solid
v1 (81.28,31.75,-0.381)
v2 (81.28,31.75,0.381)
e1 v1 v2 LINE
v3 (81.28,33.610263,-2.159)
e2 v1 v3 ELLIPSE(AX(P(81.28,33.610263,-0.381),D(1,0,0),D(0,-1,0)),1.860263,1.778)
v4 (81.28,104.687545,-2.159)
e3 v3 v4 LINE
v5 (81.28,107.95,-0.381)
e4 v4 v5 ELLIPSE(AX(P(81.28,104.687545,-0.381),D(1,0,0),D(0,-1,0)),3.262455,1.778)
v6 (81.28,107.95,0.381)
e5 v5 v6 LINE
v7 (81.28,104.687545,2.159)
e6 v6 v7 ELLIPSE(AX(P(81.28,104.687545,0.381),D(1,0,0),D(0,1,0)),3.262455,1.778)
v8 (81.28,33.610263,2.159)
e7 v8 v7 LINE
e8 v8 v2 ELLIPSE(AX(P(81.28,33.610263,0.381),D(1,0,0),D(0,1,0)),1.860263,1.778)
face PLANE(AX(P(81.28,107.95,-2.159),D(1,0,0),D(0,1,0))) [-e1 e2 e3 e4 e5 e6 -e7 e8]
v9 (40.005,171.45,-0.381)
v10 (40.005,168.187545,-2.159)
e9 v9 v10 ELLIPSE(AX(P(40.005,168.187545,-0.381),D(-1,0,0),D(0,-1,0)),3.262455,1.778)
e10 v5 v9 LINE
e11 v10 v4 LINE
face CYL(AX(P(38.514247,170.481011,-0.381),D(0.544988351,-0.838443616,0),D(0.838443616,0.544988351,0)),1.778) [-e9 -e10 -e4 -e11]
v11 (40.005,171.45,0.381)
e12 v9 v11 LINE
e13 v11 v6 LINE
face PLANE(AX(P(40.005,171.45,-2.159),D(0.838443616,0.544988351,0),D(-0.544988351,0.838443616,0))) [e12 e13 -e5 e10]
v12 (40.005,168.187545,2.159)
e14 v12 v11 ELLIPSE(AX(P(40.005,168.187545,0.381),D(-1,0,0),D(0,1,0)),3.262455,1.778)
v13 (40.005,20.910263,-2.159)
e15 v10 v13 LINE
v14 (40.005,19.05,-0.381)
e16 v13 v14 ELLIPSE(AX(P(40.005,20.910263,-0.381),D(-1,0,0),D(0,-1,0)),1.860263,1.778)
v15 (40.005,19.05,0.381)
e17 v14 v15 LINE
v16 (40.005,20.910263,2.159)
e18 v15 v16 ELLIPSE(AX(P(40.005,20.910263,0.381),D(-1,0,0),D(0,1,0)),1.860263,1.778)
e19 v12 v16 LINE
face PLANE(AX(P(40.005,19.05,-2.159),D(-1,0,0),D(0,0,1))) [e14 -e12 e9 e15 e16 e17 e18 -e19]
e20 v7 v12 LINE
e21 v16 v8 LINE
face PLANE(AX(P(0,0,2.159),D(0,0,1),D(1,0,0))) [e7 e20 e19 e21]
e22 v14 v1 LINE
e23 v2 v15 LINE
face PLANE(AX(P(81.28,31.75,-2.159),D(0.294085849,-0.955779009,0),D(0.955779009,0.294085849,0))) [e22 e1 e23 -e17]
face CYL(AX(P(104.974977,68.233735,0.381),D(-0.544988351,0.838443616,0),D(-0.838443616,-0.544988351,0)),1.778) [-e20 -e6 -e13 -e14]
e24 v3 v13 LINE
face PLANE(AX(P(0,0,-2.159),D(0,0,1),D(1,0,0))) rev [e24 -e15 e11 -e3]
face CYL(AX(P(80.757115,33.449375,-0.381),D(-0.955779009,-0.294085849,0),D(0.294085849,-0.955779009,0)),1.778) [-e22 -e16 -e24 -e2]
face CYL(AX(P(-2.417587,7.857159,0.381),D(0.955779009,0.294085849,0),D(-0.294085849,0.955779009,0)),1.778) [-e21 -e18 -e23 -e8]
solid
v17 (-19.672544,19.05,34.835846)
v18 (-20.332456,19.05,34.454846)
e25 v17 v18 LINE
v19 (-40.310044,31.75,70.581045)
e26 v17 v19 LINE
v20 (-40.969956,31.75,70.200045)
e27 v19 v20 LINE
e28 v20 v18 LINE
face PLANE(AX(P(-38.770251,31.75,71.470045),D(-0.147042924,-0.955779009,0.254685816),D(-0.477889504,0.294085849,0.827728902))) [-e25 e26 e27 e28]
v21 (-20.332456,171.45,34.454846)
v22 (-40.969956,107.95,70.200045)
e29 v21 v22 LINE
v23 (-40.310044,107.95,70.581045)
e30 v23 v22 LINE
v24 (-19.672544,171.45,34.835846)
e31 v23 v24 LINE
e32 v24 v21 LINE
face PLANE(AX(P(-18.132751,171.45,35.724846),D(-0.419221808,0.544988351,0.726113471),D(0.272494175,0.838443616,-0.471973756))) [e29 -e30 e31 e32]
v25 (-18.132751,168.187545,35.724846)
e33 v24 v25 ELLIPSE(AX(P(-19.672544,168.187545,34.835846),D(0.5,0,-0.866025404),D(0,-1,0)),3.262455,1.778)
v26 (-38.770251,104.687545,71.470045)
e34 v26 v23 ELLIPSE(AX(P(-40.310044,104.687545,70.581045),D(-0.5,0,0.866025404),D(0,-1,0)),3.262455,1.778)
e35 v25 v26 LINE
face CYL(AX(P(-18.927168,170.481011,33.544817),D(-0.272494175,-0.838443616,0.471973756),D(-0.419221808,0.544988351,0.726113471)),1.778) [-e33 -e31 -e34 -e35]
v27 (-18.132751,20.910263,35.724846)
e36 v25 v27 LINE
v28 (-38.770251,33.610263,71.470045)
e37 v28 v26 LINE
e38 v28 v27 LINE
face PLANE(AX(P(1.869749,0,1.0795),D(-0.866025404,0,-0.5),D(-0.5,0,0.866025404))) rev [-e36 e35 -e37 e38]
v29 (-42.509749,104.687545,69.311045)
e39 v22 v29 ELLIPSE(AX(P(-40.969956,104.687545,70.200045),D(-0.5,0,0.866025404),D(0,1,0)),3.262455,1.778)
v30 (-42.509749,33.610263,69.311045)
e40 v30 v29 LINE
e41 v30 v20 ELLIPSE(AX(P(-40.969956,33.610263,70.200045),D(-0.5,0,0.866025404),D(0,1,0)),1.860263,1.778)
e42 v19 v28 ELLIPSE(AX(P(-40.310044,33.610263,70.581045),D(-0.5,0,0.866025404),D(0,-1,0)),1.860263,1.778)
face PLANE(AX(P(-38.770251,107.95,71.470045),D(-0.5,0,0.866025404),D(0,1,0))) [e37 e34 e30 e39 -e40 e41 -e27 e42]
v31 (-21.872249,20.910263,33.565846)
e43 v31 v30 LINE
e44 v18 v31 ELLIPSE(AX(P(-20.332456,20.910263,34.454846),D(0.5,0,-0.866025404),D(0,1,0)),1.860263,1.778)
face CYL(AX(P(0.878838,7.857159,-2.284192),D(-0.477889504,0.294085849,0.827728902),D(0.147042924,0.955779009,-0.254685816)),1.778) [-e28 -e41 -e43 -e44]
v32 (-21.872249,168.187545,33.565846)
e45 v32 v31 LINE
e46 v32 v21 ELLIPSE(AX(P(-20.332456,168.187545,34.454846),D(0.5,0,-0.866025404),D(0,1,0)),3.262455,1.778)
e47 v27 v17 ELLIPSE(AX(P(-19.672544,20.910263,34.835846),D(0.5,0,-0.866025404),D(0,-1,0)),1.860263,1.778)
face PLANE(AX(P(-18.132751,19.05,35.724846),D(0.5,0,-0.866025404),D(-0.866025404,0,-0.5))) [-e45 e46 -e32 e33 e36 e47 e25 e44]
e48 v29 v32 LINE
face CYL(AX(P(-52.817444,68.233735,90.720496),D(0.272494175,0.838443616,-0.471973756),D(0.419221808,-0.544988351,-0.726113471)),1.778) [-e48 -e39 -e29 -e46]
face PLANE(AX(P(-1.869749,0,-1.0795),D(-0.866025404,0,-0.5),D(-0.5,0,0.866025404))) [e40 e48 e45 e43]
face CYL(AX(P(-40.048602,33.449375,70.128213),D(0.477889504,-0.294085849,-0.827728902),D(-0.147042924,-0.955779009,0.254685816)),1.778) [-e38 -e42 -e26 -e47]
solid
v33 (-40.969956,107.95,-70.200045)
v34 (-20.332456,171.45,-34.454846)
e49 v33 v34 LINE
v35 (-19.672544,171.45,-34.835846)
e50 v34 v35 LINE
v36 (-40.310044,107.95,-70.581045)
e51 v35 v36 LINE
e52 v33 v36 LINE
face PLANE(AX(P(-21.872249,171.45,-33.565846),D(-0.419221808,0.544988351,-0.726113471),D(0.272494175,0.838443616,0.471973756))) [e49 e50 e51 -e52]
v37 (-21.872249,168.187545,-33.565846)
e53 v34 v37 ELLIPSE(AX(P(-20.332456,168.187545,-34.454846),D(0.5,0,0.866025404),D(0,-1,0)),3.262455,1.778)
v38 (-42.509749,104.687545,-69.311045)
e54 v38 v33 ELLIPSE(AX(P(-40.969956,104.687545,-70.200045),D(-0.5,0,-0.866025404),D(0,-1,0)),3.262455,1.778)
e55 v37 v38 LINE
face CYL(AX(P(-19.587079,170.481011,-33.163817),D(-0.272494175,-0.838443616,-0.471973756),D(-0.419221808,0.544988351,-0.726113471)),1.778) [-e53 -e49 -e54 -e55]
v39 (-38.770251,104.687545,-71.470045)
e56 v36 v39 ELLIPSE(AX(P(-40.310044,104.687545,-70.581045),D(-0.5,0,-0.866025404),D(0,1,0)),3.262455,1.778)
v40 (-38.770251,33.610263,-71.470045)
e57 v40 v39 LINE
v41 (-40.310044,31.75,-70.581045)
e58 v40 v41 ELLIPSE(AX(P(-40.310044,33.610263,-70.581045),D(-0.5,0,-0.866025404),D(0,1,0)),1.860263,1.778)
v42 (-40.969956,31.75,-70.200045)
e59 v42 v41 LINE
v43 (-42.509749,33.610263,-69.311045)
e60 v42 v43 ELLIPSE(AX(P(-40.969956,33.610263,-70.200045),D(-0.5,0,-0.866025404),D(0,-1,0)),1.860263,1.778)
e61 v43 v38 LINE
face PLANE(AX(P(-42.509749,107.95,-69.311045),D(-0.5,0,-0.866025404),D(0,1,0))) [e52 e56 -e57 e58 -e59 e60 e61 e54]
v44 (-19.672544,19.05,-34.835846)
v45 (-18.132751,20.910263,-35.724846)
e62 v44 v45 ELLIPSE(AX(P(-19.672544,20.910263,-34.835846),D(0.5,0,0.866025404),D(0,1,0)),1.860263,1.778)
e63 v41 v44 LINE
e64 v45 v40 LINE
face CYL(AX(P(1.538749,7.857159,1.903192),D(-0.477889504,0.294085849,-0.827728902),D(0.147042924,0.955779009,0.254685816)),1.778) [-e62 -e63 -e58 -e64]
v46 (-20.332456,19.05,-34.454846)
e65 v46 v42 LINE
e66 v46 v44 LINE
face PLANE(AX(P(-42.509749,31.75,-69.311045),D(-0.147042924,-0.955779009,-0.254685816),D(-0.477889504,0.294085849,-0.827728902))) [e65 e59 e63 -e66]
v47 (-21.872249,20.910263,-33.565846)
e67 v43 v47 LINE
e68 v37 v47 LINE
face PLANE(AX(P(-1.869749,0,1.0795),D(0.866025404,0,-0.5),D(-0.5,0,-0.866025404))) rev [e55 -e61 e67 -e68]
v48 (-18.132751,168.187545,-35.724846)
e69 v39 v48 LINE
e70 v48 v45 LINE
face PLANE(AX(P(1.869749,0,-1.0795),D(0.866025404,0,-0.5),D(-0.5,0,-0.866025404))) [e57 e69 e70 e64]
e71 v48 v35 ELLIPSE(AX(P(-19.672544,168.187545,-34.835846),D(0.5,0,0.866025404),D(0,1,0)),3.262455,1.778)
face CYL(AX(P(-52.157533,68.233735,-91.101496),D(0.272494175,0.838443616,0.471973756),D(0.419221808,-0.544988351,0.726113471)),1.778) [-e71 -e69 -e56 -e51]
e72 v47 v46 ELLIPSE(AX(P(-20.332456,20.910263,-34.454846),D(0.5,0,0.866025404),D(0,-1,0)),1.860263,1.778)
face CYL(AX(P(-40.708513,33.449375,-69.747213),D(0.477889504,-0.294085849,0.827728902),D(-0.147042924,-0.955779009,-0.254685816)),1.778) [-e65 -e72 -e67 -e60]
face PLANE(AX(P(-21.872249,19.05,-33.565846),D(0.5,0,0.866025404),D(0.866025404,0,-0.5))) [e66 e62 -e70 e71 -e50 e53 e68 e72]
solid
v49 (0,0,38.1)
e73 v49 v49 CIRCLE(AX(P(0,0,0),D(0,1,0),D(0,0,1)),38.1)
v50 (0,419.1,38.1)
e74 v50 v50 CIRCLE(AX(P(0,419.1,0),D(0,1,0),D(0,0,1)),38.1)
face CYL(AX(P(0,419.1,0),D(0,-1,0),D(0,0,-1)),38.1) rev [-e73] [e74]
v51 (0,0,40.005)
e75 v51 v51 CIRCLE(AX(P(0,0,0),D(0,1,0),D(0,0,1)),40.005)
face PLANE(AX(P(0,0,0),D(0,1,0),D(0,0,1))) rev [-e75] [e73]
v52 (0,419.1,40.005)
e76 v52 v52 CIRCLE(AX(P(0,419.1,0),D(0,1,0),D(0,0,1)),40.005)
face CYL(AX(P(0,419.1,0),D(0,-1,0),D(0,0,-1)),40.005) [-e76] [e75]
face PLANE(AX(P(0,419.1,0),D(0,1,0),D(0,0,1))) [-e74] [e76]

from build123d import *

# Parameters (mm, degrees)
SKETCH3_R                = 40.005
SKETCH3_R_2              = 38.1
BOSS_EXTRUDE1_DEPTH      = 419.1
BOSS_EXTRUDE2_DEPTH      = 2.159
BOSS_EXTRUDE2_DEPTH_BACK = 2.159
FILLET1_R                = 1.778
CIRPATTERN1_COUNT        = 3


with BuildPart() as part:
    # Sketch3 → Boss-Extrude1 (new body)
    with BuildSketch(Plane(origin=(0, 0, 0), x_dir=(1, 0, 0), z_dir=(0, 1, 0))):
        with Locations(Location((0, 0, 0), (0, 0, 270))):
            Circle(SKETCH3_R)
        with Locations(Location((0, 0, 0), (0, 0, 270))):
            Circle(SKETCH3_R_2, mode=Mode.SUBTRACT)
    extrude(amount=BOSS_EXTRUDE1_DEPTH)


with BuildPart() as body_2:
    # Sketch4 → Boss-Extrude2 (new, two sides: drawn at the far end of the back side and taken through both)
    with BuildSketch(Plane.XY.offset(-BOSS_EXTRUDE2_DEPTH_BACK)):
        Polygon((40.005, 19.05), (40.005, 171.45), (81.28, 107.95), (81.28, 31.75), align=None)
    extrude(amount=BOSS_EXTRUDE2_DEPTH + BOSS_EXTRUDE2_DEPTH_BACK)

    # Fillet1
    fillet1_edges = [body_2.edges().sort_by_distance(p)[0] for p in [
        (60.6425, 25.4, 2.159),
        (60.6425, 139.7, -2.159),
        (60.6425, 139.7, 2.159),
        (60.6425, 25.4, -2.159),
    ]]
    fillet(fillet1_edges, radius=FILLET1_R)


with BuildPart() as cirpattern1_1:
    # CirPattern1: pattern copy
    add(body_2.part.rotate(Axis((0, 0, 0), (0, 1, 0)), 1 * 360 / CIRPATTERN1_COUNT))


with BuildPart() as cirpattern1_2:
    # CirPattern1: pattern copy
    add(body_2.part.rotate(Axis((0, 0, 0), (0, 1, 0)), 2 * 360 / CIRPATTERN1_COUNT))


solid = Compound([part.part, body_2.part, cirpattern1_1.part, cirpattern1_2.part])
